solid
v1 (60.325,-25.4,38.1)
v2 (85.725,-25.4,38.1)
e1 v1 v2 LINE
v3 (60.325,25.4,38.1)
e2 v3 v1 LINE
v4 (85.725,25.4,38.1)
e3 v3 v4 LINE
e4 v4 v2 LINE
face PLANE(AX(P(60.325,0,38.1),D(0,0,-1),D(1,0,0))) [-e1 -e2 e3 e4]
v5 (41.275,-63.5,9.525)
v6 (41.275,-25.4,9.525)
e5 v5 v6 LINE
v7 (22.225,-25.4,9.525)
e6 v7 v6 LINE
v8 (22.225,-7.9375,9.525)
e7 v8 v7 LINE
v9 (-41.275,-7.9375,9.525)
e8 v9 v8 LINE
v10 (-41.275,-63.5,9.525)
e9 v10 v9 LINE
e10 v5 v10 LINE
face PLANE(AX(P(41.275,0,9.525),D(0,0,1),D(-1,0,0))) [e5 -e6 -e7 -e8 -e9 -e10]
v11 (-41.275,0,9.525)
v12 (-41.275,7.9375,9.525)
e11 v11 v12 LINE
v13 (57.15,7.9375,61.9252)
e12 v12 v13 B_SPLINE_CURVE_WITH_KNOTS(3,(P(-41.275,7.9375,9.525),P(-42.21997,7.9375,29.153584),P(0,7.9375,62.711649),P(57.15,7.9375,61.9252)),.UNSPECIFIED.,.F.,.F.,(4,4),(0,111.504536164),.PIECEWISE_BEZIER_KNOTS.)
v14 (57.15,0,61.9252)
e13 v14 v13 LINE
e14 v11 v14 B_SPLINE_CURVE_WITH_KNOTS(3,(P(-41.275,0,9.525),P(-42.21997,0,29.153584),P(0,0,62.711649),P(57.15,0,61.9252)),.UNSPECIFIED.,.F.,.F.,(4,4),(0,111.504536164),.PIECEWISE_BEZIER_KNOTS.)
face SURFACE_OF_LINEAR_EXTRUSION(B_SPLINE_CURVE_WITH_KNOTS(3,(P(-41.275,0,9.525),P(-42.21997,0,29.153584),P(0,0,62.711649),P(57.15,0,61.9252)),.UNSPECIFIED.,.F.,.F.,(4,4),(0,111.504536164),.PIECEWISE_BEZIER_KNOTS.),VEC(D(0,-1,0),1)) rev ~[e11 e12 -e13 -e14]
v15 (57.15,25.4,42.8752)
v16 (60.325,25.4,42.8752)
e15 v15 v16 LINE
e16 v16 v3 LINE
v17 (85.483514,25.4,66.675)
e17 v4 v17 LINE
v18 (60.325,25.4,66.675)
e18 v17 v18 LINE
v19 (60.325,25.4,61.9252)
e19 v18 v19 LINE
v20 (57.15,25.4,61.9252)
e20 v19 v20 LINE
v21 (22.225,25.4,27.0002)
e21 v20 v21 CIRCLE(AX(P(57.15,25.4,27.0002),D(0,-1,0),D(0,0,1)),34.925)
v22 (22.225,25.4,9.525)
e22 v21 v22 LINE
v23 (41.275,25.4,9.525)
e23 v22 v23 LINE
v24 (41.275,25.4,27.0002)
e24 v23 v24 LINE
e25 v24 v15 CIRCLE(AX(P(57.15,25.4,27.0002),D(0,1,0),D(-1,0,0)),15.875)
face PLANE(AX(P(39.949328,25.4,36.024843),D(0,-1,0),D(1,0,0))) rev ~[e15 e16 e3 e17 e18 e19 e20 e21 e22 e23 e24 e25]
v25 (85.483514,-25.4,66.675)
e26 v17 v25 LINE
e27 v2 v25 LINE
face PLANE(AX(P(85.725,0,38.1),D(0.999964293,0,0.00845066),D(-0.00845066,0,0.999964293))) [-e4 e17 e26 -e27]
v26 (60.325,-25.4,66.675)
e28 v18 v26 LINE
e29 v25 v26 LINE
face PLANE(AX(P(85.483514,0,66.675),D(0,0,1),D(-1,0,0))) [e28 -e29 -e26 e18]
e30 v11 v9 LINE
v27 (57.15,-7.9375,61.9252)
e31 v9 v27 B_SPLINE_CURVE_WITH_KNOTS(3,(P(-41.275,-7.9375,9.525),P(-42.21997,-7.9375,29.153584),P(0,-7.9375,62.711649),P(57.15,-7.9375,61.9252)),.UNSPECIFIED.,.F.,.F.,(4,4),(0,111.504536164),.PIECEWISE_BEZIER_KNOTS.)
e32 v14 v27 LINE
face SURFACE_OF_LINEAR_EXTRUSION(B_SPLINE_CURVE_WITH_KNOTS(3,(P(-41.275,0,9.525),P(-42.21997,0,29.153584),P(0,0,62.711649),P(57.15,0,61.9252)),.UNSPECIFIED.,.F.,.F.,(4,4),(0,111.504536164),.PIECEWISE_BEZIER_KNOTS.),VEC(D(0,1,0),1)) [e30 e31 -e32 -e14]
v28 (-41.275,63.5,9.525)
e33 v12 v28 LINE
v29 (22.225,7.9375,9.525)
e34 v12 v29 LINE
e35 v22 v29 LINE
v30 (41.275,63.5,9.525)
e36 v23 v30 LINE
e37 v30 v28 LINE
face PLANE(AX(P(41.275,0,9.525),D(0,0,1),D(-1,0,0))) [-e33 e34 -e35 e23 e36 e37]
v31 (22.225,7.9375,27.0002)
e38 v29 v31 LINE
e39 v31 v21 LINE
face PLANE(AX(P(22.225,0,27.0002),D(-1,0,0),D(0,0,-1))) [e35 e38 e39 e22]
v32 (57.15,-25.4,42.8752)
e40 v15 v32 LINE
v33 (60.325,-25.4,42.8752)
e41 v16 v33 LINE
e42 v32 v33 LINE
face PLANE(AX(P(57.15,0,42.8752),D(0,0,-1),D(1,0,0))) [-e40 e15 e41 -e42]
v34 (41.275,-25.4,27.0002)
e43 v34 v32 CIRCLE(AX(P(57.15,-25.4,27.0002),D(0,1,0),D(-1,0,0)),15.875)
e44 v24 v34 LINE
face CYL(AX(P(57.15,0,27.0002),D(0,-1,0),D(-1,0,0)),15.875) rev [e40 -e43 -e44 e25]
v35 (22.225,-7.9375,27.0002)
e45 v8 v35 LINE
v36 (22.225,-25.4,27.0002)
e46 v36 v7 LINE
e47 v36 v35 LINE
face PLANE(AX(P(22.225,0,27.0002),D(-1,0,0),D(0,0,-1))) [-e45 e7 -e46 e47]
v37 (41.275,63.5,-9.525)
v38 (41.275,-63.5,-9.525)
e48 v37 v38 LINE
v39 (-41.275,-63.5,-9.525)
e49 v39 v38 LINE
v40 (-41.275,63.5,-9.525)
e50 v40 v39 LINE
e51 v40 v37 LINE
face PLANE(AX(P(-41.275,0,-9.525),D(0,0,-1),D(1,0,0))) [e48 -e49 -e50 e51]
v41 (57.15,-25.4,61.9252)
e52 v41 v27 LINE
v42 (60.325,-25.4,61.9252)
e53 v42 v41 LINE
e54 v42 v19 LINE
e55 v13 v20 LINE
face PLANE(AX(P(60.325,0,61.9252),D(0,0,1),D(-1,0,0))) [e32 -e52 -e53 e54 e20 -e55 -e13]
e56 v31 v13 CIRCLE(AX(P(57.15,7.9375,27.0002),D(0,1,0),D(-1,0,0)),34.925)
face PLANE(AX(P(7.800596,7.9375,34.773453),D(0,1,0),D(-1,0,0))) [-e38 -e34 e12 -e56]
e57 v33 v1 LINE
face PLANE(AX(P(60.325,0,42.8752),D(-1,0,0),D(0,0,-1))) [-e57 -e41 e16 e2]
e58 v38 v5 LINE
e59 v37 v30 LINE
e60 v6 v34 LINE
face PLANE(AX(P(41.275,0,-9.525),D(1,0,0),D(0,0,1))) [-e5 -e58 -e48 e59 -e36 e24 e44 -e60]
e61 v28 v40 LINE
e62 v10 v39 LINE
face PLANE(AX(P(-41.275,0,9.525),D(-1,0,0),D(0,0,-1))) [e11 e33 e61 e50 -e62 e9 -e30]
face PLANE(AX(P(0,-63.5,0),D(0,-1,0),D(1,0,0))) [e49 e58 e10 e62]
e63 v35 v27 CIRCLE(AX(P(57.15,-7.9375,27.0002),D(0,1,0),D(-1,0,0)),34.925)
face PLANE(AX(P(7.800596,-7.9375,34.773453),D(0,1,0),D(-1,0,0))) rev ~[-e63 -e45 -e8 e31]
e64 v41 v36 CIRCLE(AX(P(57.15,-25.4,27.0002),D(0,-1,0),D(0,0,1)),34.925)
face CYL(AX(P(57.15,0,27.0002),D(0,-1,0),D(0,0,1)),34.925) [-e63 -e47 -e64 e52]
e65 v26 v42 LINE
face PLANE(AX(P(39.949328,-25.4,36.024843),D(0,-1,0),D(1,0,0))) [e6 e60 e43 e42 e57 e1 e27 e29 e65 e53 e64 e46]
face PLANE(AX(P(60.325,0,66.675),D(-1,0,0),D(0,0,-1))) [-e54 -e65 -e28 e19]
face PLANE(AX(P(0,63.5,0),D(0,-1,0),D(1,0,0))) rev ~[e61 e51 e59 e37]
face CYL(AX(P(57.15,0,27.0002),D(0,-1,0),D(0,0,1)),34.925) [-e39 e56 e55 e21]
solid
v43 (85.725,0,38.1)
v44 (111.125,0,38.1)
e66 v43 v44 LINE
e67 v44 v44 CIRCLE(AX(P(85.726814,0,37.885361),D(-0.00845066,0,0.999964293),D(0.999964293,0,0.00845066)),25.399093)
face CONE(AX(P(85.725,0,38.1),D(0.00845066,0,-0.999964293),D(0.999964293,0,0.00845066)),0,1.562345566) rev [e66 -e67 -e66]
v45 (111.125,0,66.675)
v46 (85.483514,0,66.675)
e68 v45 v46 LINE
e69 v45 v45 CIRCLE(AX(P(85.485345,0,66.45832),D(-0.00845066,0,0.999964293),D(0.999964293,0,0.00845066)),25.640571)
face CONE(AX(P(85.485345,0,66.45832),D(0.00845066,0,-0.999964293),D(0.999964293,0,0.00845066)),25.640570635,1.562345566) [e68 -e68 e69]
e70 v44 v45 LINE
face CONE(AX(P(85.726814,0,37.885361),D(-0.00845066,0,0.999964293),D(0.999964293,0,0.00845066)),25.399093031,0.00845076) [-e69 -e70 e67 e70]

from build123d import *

# Parameters (mm, degrees)
F1_DEPTH = 63.5
F2_DEPTH = 25.4
F3_DEPTH = 7.9375


with BuildPart() as f1:
    # F0 (on Front) → F1 (new body, symmetric)
    with BuildSketch(Plane.XZ):
        Polygon((22.225, 9.525), (-41.275, 9.525), (-41.275, -9.525), (41.275, -9.525), (41.275, 9.525), align=None)
    extrude(amount=F1_DEPTH, both=True)

    # F0 (on Front) → F2 (join, symmetric)
    with BuildSketch(Plane.XZ):
        with BuildLine():
            Line((22.225, 27.0002), (22.225, 9.525))
            Line((22.225, 9.525), (41.275, 9.525))
            Line((41.275, 9.525), (41.275, 27.0002))
            ThreePointArc((41.275, 27.0002), (45.9246798487, 38.2255201513), (57.15, 42.8752))
            Line((57.15, 42.8752), (60.325, 42.8752))
            Line((60.325, 42.8752), (60.325, 61.9252))
            Line((60.325, 61.9252), (57.15, 61.9252))
            ThreePointArc((57.15, 61.9252), (32.4542956671, 51.6959043329), (22.225, 27.0002))
        make_face()
        Polygon((60.325, 66.675), (60.325, 61.9252), (60.325, 42.8752), (60.325, 38.1), (85.725, 38.1), (85.4835137725, 66.675), align=None)
    extrude(amount=F2_DEPTH, both=True)

    # F0 (on Front) → F3 (join, symmetric)
    with BuildSketch(Plane.XZ):
        with BuildLine():
            add(Edge.make_bspline(
                [(-41.275, 9.525), (-42.2199703753, 29.1535835713), (0, 62.711648643), (57.15, 61.9252)],
                knots=[0, 0, 0, 0, 111.5045361635, 111.5045361635, 111.5045361635, 111.5045361635], degree=3))
            Line((-41.275, 9.525), (22.225, 9.525))
            Line((22.225, 9.525), (22.225, 27.0002))
            ThreePointArc((22.225, 27.0002), (32.4542956671, 51.6959043329), (57.15, 61.9252))
        make_face()
    extrude(amount=F3_DEPTH, both=True)


with BuildPart() as f4:
    # F0 (on Front) → F4 (revolve)
    with BuildSketch(Plane.XZ):
        Polygon((111.125, 66.675), (85.4835137725, 66.675), (85.725, 38.1), (111.125, 38.1), align=None)
    revolve(axis=Axis((85.6042568862, 0, 52.3875), (-0.0084506598, 0, 0.9999642925)))


solid = Compound([f1.part, f4.part])
